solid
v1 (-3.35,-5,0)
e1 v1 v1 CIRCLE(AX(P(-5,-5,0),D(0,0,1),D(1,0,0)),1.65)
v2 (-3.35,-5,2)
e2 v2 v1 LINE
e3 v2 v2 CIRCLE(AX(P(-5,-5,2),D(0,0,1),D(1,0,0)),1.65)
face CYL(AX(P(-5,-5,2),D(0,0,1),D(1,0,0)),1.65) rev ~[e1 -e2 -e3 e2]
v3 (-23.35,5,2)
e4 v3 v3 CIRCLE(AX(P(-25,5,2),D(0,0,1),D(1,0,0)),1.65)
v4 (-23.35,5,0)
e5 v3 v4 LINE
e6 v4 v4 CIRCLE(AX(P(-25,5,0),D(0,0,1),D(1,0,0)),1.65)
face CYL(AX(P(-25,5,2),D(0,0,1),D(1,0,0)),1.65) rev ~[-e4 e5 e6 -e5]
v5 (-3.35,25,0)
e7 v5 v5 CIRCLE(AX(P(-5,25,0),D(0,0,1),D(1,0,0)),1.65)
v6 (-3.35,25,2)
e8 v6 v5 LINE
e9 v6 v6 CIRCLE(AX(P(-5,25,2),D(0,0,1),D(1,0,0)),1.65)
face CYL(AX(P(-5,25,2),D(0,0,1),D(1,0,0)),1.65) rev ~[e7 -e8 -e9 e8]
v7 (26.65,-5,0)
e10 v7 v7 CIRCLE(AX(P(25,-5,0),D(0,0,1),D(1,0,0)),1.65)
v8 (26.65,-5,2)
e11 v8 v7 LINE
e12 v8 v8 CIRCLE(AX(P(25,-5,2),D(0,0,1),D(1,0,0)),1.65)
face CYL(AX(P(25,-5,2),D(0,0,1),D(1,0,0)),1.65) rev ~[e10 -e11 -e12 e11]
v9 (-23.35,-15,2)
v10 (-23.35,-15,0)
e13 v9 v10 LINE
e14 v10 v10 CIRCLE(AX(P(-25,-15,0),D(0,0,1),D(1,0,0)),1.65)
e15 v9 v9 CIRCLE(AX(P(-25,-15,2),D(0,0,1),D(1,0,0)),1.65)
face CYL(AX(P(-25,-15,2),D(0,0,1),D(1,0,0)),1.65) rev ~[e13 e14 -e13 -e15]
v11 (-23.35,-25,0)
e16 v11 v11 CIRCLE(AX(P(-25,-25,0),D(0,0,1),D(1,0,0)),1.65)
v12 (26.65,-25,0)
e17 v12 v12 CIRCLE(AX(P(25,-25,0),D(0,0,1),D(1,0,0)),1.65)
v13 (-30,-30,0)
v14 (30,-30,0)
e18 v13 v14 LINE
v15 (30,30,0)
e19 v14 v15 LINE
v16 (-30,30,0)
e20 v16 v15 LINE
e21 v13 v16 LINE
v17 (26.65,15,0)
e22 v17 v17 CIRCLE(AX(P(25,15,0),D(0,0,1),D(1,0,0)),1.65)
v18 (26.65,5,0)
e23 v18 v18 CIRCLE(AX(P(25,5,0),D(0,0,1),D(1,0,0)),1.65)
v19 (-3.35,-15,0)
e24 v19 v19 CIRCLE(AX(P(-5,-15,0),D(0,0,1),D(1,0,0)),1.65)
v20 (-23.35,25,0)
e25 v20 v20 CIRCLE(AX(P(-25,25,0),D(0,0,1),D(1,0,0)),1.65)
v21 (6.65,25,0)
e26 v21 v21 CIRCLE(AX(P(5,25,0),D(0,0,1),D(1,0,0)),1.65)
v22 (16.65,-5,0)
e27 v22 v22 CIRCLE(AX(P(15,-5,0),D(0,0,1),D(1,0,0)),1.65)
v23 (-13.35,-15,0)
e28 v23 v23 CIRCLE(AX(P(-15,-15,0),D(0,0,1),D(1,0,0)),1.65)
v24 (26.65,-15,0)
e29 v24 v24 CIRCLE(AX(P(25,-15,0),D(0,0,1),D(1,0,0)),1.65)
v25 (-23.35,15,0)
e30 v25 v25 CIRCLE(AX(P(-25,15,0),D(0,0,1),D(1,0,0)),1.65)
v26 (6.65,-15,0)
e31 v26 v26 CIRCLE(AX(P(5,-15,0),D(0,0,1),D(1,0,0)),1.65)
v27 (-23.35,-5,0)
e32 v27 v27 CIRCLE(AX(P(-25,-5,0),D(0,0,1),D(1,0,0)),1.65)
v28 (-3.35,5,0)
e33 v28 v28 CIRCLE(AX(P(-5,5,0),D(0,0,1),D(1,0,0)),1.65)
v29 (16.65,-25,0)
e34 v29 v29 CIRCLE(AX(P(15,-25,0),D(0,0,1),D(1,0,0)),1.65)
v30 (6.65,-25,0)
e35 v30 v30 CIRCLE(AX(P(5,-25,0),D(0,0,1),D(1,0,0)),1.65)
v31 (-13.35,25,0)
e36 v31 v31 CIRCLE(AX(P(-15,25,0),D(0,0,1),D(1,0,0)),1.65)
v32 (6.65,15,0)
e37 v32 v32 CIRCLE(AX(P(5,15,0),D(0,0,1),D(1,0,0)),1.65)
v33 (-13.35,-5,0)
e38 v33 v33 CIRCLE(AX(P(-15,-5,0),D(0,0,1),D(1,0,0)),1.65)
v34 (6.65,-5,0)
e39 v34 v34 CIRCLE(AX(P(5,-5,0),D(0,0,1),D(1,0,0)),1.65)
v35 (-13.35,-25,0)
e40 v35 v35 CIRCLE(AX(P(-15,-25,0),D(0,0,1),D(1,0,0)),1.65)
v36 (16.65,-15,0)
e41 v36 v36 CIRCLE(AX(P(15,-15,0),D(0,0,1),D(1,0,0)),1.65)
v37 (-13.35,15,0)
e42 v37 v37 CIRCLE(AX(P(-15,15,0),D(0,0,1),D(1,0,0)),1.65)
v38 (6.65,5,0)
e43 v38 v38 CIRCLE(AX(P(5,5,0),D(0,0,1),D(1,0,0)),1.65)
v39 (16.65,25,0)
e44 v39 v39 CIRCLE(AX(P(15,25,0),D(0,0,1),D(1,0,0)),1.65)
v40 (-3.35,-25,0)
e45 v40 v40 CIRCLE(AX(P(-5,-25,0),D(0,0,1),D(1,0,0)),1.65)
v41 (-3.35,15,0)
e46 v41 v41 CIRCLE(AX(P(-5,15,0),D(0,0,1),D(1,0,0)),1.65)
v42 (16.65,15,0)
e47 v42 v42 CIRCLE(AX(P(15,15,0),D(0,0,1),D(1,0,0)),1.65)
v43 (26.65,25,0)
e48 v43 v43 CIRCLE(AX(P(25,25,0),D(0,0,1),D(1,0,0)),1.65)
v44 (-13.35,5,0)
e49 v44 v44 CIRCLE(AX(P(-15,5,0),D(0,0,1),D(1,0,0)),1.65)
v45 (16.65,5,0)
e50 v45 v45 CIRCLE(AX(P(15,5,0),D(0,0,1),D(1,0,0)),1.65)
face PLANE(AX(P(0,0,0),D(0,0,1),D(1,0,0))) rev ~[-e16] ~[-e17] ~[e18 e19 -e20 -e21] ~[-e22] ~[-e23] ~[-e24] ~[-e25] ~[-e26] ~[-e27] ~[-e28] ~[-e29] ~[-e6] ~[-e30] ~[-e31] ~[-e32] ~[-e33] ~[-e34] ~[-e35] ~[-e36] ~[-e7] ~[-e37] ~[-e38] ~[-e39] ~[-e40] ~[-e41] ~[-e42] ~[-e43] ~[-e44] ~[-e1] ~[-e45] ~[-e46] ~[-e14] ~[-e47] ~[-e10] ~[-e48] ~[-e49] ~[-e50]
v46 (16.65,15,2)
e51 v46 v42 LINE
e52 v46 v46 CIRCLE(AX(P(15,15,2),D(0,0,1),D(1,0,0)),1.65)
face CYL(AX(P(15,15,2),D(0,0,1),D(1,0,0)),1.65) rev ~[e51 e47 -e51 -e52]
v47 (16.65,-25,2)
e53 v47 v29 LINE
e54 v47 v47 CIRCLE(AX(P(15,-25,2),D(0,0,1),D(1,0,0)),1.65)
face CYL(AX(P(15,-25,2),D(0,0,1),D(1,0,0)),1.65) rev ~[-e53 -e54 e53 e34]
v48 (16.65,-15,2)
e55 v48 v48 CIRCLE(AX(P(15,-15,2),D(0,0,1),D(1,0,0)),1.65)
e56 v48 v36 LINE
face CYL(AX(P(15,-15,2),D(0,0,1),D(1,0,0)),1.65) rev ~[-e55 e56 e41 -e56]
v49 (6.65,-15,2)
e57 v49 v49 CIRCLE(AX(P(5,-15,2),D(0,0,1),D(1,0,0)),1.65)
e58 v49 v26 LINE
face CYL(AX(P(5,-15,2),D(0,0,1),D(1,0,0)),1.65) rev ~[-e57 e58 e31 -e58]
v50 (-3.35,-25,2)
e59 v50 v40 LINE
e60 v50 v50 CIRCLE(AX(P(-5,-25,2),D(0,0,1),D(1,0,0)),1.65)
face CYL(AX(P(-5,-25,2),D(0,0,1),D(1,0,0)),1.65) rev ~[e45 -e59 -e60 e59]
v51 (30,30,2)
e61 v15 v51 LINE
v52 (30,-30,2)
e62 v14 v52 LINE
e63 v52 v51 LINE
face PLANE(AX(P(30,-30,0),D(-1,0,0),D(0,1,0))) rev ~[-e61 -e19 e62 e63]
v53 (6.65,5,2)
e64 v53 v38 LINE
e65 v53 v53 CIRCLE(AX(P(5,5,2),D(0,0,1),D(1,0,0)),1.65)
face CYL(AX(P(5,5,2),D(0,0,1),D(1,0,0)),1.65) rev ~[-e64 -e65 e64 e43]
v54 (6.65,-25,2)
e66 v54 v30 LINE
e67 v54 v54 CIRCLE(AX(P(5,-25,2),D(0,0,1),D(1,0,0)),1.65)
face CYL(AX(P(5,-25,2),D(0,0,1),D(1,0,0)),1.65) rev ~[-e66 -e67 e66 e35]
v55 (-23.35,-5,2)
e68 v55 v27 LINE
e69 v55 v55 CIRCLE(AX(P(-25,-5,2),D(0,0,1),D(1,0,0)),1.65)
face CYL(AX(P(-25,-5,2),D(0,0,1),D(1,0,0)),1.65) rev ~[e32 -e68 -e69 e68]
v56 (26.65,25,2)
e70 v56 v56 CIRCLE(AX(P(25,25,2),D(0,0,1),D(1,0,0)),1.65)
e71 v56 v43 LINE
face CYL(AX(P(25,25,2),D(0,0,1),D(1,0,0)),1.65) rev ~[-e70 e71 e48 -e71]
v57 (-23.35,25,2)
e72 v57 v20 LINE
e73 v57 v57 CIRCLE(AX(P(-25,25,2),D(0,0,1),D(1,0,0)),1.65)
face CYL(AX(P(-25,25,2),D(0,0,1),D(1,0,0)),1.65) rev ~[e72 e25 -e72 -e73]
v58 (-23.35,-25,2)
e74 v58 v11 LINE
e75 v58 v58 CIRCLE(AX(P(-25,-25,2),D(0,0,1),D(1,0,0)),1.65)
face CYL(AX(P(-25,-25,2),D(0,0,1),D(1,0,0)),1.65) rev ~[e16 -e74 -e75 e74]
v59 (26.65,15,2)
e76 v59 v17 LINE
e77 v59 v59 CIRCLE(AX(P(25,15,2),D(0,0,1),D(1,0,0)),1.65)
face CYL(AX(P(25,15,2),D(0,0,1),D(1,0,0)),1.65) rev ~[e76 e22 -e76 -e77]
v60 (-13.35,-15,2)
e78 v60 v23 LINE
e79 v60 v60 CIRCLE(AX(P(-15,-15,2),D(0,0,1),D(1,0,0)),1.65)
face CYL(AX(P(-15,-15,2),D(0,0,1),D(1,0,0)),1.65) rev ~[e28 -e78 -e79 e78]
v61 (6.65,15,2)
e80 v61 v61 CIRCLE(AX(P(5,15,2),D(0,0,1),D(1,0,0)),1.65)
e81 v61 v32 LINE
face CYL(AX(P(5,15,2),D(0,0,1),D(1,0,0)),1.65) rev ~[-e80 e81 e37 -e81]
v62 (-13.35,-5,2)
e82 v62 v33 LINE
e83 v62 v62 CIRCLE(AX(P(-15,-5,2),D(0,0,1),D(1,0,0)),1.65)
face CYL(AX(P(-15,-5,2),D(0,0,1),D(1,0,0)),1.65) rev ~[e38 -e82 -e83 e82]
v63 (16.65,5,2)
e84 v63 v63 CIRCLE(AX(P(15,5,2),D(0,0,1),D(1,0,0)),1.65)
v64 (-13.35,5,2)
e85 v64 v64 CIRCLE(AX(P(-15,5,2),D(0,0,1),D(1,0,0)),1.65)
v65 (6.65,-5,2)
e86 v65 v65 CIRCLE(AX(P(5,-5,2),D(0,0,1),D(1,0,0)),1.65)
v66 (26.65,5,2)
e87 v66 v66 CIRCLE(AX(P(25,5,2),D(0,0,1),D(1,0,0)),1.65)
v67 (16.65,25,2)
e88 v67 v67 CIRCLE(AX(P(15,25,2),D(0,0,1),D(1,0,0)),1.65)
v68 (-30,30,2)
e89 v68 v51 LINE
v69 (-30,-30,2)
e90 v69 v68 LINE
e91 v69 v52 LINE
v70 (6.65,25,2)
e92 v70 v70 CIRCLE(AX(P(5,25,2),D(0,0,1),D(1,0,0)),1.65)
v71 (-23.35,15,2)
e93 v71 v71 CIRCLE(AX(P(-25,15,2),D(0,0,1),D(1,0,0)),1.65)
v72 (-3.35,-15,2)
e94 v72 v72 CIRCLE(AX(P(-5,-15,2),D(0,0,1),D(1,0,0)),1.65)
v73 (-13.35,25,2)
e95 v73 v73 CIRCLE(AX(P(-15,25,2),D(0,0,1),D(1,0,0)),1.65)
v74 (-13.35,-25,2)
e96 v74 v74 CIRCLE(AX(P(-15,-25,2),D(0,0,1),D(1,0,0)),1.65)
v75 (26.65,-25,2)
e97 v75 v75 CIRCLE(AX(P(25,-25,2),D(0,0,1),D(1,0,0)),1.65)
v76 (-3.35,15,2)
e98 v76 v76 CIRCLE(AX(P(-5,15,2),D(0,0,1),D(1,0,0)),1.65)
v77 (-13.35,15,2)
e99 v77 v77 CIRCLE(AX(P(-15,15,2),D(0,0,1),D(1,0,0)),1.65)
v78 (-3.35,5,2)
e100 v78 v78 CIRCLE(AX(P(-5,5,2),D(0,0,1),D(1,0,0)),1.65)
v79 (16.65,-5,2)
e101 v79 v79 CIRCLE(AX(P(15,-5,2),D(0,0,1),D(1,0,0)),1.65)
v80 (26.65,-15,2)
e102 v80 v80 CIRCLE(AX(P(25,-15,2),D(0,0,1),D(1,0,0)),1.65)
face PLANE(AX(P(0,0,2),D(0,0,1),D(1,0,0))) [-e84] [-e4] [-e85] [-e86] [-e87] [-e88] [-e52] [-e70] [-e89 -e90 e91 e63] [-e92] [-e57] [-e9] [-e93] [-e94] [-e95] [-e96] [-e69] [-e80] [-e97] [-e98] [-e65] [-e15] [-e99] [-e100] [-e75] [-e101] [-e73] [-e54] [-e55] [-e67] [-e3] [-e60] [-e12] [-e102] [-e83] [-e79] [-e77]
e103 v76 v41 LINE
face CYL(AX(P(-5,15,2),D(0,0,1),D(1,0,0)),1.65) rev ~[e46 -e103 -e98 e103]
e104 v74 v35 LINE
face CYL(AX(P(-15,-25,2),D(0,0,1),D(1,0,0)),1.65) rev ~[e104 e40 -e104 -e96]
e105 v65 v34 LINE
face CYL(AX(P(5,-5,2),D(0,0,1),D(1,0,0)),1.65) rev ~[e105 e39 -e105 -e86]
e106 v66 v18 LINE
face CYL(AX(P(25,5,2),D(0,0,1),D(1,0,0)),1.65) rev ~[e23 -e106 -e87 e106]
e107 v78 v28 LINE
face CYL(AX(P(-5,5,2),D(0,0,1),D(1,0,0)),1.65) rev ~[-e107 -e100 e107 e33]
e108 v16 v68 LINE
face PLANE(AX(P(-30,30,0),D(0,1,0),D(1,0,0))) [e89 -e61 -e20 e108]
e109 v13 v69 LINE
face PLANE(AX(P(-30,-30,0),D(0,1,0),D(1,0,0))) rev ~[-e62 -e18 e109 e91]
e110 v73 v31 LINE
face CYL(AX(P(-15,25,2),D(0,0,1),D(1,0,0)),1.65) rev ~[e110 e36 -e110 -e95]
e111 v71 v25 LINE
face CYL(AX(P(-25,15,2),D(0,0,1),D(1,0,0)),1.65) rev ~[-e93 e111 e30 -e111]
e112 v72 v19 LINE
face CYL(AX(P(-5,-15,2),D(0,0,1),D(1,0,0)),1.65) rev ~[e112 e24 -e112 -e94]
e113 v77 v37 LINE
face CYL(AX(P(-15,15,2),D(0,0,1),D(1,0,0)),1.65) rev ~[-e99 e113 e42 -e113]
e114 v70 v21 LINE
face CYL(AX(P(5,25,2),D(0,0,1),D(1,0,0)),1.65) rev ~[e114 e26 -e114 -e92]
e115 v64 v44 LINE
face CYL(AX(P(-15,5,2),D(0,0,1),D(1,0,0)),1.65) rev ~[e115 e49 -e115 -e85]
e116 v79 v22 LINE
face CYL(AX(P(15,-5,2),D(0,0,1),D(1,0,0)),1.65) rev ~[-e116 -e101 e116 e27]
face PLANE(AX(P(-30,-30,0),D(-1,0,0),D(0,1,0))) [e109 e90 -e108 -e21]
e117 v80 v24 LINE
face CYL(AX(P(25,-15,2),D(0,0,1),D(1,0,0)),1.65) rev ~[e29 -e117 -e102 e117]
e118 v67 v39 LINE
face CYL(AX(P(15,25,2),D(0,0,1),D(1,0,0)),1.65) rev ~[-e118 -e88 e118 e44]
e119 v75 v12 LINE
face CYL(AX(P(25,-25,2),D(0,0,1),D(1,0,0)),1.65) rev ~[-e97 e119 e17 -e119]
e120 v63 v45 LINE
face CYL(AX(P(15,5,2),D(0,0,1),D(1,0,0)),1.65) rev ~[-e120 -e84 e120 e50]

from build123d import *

# Parameters (mm, degrees)
SKETCH1_W            = 60
SKETCH1_H            = 60
BOSS_EXTRUDE1_DEPTH  = 2
SKETCH2_R            = 1.65
CUT_EXTRUDE1_DEPTH   = 3
LPATTERN1_COUNT      = 6
LPATTERN1_PITCH      = 10
LPATTERN1_COUNT_DIR2 = 6
LPATTERN1_PITCH_DIR2 = 10


with BuildPart() as part:
    # Sketch1 → Boss-Extrude1 (new body)
    with BuildSketch(Plane.XY):
        Rectangle(SKETCH1_W, SKETCH1_H)
    extrude(amount=BOSS_EXTRUDE1_DEPTH)

    # Sketch2 → Cut-Extrude1 (cut, through all)
    with BuildSketch(Plane.XY.offset(2)):
        with Locations((-25, 25)):
            Circle(SKETCH2_R)
    cut_extrude1 = extrude(amount=-CUT_EXTRUDE1_DEPTH, mode=Mode.SUBTRACT)

    # LPattern1: Cut-Extrude1 6 × 6
    with Locations(*[(j * LPATTERN1_PITCH_DIR2, -i * LPATTERN1_PITCH, 0) for i in range(LPATTERN1_COUNT) for j in range(LPATTERN1_COUNT_DIR2) if (i, j) != (0, 0)]):
        add(cut_extrude1, mode=Mode.SUBTRACT)


solid = part.part
